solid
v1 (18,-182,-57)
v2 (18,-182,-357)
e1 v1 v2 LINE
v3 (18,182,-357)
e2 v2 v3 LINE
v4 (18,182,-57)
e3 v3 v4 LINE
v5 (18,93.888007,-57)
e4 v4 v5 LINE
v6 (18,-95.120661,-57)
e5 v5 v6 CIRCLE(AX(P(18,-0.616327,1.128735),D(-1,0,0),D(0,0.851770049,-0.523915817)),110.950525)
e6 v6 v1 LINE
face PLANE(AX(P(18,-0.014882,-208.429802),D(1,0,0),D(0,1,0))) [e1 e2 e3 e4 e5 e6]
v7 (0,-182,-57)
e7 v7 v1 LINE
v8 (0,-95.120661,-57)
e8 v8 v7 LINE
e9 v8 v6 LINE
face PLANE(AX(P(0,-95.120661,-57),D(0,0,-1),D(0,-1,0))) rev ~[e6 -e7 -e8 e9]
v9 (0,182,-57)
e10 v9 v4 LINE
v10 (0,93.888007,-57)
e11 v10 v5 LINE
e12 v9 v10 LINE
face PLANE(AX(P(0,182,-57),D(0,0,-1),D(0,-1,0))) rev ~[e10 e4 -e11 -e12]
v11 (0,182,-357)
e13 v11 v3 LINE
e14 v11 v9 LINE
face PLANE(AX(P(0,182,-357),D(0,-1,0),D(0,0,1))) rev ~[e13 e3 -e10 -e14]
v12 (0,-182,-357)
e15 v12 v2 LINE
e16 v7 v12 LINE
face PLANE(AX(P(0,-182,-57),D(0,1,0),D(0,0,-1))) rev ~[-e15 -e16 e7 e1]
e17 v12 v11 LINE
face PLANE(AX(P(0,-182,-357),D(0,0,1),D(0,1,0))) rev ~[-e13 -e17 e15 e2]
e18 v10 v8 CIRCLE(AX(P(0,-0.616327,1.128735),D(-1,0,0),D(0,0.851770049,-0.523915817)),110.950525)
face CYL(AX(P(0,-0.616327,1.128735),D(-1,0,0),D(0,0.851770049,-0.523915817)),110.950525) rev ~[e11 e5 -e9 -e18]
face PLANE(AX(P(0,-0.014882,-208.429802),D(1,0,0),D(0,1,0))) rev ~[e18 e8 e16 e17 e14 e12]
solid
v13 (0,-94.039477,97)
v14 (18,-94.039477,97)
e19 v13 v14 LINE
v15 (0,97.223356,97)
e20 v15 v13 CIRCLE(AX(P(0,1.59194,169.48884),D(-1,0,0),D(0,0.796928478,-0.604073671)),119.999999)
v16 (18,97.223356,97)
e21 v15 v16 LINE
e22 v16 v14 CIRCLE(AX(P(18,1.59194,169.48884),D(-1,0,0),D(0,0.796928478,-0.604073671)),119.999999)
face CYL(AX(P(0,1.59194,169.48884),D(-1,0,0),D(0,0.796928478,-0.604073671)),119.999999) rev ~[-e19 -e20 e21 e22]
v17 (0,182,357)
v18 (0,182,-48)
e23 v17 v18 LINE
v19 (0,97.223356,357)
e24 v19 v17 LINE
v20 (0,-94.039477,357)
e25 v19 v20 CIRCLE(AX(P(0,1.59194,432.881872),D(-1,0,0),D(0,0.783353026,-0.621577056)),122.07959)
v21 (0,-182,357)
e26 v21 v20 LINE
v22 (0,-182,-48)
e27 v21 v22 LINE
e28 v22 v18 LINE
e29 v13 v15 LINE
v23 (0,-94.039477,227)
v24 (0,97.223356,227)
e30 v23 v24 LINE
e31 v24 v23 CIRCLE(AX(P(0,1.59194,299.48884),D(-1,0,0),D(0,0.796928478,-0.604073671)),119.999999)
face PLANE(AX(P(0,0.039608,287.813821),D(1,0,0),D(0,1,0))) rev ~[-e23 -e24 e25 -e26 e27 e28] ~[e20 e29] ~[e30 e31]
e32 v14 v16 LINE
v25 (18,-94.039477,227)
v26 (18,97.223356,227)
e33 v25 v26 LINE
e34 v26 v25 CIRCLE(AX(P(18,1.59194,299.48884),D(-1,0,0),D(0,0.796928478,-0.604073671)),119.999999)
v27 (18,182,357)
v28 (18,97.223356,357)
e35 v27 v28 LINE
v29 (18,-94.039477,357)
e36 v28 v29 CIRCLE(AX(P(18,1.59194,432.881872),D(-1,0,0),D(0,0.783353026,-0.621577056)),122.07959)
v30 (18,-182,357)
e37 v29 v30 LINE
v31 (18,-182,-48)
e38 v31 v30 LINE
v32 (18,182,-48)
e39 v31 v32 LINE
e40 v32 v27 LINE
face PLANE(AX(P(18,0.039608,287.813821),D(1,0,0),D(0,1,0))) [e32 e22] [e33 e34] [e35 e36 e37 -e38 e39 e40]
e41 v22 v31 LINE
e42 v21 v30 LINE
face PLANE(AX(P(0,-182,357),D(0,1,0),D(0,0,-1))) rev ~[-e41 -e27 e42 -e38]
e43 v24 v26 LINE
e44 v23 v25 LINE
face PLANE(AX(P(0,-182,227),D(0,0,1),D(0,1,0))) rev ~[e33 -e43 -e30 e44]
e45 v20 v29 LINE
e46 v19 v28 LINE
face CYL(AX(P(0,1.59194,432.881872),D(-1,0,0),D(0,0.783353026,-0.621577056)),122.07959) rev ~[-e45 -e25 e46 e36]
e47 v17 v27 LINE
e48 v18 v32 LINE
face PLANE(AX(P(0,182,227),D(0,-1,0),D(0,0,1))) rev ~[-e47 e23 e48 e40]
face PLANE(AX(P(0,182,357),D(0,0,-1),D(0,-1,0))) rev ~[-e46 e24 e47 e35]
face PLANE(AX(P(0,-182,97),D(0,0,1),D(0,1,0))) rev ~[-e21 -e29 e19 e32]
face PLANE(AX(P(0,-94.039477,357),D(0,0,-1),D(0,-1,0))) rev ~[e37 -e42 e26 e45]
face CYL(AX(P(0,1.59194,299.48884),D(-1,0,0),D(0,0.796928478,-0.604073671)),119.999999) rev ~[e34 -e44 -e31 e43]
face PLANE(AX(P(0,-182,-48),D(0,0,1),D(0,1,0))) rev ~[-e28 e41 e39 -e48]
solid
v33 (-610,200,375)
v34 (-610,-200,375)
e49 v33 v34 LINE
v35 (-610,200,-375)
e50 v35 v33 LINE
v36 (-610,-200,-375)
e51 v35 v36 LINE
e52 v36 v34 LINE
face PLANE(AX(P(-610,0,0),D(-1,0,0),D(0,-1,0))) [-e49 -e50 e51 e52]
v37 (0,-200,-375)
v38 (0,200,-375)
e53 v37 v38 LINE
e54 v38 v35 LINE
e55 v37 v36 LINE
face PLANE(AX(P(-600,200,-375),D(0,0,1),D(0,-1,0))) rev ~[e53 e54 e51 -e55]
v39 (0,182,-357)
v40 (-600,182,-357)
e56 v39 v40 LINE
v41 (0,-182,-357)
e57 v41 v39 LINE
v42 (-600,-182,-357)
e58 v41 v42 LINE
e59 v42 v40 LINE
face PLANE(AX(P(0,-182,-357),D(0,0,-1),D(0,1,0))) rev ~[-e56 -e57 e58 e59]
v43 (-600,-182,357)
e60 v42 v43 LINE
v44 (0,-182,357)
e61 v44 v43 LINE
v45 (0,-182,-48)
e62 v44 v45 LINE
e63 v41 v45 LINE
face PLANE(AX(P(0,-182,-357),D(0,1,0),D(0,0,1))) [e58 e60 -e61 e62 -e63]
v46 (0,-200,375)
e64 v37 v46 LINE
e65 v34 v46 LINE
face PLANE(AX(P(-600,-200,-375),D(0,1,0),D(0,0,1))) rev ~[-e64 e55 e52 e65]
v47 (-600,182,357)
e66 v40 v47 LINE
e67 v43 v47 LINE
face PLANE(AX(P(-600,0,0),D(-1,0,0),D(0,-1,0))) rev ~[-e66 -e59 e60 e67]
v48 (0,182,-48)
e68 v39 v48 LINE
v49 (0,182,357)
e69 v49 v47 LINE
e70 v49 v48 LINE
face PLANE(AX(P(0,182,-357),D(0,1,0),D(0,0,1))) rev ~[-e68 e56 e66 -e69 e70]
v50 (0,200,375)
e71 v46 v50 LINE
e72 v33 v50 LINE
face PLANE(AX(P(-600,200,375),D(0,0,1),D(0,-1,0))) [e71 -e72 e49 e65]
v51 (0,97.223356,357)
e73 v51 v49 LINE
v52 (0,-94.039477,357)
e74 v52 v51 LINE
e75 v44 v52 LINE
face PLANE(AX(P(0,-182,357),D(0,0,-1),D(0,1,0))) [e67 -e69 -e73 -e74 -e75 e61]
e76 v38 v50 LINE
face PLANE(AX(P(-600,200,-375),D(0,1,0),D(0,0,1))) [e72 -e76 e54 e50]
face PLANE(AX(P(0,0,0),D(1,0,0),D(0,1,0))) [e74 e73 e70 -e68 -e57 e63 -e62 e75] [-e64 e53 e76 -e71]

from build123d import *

# Parameters (mm, degrees)
F0_W     = 400
F0_H     = 750
F0_W_2   = 364
F0_H_2   = 714
F1_DEPTH = 600
F2_W     = 400
F2_H     = 750
F3_DEPTH = 10
F6_DEPTH = 18
F7_DEPTH = 18
F8_DEPTH = 18
F9_DEPTH = 18


with BuildPart() as f1:
    # F0 (on Right) → F1 (new body)
    with BuildSketch(Plane.YZ):
        Rectangle(F0_W, F0_H)
        Rectangle(F0_W_2, F0_H_2, mode=Mode.SUBTRACT)
    extrude(amount=-F1_DEPTH)

    # F2 (on face) → F3 (join)
    with BuildSketch(Plane(origin=(-600, 0, 0), x_dir=(0, -1, 0), z_dir=(-1, 0, 0))):
        Rectangle(F2_W, F2_H)
    extrude(amount=F3_DEPTH)



with BuildPart() as f6:
    # F5 (on face) → F6 (new body)
    with BuildSketch(Plane.YZ):
        with BuildLine():
            Line((-94.039477, 97), (-182, 97))
            Line((-182, 97), (-182, -48))
            Line((-182, -48), (182, -48))
            Line((182, -48), (182, 97))
            Line((182, 97), (97.223356, 97))
            ThreePointArc((97.223356, 97), (1.591939, 49.488841), (-94.039477, 97))
        make_face()
    extrude(amount=F6_DEPTH)


with BuildPart() as f1_1:
    add(f1.part)

    add(f6.part)  # F7 merges F6
    # F5 (on face) → F7 (join)
    with BuildSketch(Plane.YZ):
        with BuildLine():
            Line((-94.039477, 227), (-182, 227))
            Line((-182, 227), (-182, 97))
            Line((-182, 97), (-94.039477, 97))
            Line((-94.039477, 97), (97.223356, 97))
            Line((97.223356, 97), (182, 97))
            Line((182, 97), (182, 227))
            Line((182, 227), (97.223356, 227))
            ThreePointArc((97.223356, 227), (1.591939, 179.488841), (-94.039477, 227))
        make_face()
    extrude(amount=F7_DEPTH)

    # F5 (on face) → F8 (join)
    with BuildSketch(Plane.YZ):
        with BuildLine():
            Line((-94.039477, 357), (-182, 357))
            Line((-182, 357), (-182, 227))
            Line((-182, 227), (-94.039477, 227))
            Line((-94.039477, 227), (97.223356, 227))
            Line((97.223356, 227), (182, 227))
            Line((182, 227), (182, 357))
            Line((182, 357), (97.223356, 357))
            ThreePointArc((97.223356, 357), (1.591939, 310.802282), (-94.039477, 357))
        make_face()
    extrude(amount=F8_DEPTH)


with BuildPart() as f9:
    # F4 (on face) → F9 (new body)
    with BuildSketch(Plane.YZ):
        with BuildLine():
            Line((-182, -57), (-182, -357))
            Line((-182, -357), (182, -357))
            Line((182, -357), (182, -57))
            Line((182, -57), (93.888007, -57))
            ThreePointArc((93.888007, -57), (-0.616327, -109.82179), (-95.120661, -57))
            Line((-95.120661, -57), (-182, -57))
        make_face()
    extrude(amount=F9_DEPTH)


solid = Compound([f1_1.part, f9.part])
